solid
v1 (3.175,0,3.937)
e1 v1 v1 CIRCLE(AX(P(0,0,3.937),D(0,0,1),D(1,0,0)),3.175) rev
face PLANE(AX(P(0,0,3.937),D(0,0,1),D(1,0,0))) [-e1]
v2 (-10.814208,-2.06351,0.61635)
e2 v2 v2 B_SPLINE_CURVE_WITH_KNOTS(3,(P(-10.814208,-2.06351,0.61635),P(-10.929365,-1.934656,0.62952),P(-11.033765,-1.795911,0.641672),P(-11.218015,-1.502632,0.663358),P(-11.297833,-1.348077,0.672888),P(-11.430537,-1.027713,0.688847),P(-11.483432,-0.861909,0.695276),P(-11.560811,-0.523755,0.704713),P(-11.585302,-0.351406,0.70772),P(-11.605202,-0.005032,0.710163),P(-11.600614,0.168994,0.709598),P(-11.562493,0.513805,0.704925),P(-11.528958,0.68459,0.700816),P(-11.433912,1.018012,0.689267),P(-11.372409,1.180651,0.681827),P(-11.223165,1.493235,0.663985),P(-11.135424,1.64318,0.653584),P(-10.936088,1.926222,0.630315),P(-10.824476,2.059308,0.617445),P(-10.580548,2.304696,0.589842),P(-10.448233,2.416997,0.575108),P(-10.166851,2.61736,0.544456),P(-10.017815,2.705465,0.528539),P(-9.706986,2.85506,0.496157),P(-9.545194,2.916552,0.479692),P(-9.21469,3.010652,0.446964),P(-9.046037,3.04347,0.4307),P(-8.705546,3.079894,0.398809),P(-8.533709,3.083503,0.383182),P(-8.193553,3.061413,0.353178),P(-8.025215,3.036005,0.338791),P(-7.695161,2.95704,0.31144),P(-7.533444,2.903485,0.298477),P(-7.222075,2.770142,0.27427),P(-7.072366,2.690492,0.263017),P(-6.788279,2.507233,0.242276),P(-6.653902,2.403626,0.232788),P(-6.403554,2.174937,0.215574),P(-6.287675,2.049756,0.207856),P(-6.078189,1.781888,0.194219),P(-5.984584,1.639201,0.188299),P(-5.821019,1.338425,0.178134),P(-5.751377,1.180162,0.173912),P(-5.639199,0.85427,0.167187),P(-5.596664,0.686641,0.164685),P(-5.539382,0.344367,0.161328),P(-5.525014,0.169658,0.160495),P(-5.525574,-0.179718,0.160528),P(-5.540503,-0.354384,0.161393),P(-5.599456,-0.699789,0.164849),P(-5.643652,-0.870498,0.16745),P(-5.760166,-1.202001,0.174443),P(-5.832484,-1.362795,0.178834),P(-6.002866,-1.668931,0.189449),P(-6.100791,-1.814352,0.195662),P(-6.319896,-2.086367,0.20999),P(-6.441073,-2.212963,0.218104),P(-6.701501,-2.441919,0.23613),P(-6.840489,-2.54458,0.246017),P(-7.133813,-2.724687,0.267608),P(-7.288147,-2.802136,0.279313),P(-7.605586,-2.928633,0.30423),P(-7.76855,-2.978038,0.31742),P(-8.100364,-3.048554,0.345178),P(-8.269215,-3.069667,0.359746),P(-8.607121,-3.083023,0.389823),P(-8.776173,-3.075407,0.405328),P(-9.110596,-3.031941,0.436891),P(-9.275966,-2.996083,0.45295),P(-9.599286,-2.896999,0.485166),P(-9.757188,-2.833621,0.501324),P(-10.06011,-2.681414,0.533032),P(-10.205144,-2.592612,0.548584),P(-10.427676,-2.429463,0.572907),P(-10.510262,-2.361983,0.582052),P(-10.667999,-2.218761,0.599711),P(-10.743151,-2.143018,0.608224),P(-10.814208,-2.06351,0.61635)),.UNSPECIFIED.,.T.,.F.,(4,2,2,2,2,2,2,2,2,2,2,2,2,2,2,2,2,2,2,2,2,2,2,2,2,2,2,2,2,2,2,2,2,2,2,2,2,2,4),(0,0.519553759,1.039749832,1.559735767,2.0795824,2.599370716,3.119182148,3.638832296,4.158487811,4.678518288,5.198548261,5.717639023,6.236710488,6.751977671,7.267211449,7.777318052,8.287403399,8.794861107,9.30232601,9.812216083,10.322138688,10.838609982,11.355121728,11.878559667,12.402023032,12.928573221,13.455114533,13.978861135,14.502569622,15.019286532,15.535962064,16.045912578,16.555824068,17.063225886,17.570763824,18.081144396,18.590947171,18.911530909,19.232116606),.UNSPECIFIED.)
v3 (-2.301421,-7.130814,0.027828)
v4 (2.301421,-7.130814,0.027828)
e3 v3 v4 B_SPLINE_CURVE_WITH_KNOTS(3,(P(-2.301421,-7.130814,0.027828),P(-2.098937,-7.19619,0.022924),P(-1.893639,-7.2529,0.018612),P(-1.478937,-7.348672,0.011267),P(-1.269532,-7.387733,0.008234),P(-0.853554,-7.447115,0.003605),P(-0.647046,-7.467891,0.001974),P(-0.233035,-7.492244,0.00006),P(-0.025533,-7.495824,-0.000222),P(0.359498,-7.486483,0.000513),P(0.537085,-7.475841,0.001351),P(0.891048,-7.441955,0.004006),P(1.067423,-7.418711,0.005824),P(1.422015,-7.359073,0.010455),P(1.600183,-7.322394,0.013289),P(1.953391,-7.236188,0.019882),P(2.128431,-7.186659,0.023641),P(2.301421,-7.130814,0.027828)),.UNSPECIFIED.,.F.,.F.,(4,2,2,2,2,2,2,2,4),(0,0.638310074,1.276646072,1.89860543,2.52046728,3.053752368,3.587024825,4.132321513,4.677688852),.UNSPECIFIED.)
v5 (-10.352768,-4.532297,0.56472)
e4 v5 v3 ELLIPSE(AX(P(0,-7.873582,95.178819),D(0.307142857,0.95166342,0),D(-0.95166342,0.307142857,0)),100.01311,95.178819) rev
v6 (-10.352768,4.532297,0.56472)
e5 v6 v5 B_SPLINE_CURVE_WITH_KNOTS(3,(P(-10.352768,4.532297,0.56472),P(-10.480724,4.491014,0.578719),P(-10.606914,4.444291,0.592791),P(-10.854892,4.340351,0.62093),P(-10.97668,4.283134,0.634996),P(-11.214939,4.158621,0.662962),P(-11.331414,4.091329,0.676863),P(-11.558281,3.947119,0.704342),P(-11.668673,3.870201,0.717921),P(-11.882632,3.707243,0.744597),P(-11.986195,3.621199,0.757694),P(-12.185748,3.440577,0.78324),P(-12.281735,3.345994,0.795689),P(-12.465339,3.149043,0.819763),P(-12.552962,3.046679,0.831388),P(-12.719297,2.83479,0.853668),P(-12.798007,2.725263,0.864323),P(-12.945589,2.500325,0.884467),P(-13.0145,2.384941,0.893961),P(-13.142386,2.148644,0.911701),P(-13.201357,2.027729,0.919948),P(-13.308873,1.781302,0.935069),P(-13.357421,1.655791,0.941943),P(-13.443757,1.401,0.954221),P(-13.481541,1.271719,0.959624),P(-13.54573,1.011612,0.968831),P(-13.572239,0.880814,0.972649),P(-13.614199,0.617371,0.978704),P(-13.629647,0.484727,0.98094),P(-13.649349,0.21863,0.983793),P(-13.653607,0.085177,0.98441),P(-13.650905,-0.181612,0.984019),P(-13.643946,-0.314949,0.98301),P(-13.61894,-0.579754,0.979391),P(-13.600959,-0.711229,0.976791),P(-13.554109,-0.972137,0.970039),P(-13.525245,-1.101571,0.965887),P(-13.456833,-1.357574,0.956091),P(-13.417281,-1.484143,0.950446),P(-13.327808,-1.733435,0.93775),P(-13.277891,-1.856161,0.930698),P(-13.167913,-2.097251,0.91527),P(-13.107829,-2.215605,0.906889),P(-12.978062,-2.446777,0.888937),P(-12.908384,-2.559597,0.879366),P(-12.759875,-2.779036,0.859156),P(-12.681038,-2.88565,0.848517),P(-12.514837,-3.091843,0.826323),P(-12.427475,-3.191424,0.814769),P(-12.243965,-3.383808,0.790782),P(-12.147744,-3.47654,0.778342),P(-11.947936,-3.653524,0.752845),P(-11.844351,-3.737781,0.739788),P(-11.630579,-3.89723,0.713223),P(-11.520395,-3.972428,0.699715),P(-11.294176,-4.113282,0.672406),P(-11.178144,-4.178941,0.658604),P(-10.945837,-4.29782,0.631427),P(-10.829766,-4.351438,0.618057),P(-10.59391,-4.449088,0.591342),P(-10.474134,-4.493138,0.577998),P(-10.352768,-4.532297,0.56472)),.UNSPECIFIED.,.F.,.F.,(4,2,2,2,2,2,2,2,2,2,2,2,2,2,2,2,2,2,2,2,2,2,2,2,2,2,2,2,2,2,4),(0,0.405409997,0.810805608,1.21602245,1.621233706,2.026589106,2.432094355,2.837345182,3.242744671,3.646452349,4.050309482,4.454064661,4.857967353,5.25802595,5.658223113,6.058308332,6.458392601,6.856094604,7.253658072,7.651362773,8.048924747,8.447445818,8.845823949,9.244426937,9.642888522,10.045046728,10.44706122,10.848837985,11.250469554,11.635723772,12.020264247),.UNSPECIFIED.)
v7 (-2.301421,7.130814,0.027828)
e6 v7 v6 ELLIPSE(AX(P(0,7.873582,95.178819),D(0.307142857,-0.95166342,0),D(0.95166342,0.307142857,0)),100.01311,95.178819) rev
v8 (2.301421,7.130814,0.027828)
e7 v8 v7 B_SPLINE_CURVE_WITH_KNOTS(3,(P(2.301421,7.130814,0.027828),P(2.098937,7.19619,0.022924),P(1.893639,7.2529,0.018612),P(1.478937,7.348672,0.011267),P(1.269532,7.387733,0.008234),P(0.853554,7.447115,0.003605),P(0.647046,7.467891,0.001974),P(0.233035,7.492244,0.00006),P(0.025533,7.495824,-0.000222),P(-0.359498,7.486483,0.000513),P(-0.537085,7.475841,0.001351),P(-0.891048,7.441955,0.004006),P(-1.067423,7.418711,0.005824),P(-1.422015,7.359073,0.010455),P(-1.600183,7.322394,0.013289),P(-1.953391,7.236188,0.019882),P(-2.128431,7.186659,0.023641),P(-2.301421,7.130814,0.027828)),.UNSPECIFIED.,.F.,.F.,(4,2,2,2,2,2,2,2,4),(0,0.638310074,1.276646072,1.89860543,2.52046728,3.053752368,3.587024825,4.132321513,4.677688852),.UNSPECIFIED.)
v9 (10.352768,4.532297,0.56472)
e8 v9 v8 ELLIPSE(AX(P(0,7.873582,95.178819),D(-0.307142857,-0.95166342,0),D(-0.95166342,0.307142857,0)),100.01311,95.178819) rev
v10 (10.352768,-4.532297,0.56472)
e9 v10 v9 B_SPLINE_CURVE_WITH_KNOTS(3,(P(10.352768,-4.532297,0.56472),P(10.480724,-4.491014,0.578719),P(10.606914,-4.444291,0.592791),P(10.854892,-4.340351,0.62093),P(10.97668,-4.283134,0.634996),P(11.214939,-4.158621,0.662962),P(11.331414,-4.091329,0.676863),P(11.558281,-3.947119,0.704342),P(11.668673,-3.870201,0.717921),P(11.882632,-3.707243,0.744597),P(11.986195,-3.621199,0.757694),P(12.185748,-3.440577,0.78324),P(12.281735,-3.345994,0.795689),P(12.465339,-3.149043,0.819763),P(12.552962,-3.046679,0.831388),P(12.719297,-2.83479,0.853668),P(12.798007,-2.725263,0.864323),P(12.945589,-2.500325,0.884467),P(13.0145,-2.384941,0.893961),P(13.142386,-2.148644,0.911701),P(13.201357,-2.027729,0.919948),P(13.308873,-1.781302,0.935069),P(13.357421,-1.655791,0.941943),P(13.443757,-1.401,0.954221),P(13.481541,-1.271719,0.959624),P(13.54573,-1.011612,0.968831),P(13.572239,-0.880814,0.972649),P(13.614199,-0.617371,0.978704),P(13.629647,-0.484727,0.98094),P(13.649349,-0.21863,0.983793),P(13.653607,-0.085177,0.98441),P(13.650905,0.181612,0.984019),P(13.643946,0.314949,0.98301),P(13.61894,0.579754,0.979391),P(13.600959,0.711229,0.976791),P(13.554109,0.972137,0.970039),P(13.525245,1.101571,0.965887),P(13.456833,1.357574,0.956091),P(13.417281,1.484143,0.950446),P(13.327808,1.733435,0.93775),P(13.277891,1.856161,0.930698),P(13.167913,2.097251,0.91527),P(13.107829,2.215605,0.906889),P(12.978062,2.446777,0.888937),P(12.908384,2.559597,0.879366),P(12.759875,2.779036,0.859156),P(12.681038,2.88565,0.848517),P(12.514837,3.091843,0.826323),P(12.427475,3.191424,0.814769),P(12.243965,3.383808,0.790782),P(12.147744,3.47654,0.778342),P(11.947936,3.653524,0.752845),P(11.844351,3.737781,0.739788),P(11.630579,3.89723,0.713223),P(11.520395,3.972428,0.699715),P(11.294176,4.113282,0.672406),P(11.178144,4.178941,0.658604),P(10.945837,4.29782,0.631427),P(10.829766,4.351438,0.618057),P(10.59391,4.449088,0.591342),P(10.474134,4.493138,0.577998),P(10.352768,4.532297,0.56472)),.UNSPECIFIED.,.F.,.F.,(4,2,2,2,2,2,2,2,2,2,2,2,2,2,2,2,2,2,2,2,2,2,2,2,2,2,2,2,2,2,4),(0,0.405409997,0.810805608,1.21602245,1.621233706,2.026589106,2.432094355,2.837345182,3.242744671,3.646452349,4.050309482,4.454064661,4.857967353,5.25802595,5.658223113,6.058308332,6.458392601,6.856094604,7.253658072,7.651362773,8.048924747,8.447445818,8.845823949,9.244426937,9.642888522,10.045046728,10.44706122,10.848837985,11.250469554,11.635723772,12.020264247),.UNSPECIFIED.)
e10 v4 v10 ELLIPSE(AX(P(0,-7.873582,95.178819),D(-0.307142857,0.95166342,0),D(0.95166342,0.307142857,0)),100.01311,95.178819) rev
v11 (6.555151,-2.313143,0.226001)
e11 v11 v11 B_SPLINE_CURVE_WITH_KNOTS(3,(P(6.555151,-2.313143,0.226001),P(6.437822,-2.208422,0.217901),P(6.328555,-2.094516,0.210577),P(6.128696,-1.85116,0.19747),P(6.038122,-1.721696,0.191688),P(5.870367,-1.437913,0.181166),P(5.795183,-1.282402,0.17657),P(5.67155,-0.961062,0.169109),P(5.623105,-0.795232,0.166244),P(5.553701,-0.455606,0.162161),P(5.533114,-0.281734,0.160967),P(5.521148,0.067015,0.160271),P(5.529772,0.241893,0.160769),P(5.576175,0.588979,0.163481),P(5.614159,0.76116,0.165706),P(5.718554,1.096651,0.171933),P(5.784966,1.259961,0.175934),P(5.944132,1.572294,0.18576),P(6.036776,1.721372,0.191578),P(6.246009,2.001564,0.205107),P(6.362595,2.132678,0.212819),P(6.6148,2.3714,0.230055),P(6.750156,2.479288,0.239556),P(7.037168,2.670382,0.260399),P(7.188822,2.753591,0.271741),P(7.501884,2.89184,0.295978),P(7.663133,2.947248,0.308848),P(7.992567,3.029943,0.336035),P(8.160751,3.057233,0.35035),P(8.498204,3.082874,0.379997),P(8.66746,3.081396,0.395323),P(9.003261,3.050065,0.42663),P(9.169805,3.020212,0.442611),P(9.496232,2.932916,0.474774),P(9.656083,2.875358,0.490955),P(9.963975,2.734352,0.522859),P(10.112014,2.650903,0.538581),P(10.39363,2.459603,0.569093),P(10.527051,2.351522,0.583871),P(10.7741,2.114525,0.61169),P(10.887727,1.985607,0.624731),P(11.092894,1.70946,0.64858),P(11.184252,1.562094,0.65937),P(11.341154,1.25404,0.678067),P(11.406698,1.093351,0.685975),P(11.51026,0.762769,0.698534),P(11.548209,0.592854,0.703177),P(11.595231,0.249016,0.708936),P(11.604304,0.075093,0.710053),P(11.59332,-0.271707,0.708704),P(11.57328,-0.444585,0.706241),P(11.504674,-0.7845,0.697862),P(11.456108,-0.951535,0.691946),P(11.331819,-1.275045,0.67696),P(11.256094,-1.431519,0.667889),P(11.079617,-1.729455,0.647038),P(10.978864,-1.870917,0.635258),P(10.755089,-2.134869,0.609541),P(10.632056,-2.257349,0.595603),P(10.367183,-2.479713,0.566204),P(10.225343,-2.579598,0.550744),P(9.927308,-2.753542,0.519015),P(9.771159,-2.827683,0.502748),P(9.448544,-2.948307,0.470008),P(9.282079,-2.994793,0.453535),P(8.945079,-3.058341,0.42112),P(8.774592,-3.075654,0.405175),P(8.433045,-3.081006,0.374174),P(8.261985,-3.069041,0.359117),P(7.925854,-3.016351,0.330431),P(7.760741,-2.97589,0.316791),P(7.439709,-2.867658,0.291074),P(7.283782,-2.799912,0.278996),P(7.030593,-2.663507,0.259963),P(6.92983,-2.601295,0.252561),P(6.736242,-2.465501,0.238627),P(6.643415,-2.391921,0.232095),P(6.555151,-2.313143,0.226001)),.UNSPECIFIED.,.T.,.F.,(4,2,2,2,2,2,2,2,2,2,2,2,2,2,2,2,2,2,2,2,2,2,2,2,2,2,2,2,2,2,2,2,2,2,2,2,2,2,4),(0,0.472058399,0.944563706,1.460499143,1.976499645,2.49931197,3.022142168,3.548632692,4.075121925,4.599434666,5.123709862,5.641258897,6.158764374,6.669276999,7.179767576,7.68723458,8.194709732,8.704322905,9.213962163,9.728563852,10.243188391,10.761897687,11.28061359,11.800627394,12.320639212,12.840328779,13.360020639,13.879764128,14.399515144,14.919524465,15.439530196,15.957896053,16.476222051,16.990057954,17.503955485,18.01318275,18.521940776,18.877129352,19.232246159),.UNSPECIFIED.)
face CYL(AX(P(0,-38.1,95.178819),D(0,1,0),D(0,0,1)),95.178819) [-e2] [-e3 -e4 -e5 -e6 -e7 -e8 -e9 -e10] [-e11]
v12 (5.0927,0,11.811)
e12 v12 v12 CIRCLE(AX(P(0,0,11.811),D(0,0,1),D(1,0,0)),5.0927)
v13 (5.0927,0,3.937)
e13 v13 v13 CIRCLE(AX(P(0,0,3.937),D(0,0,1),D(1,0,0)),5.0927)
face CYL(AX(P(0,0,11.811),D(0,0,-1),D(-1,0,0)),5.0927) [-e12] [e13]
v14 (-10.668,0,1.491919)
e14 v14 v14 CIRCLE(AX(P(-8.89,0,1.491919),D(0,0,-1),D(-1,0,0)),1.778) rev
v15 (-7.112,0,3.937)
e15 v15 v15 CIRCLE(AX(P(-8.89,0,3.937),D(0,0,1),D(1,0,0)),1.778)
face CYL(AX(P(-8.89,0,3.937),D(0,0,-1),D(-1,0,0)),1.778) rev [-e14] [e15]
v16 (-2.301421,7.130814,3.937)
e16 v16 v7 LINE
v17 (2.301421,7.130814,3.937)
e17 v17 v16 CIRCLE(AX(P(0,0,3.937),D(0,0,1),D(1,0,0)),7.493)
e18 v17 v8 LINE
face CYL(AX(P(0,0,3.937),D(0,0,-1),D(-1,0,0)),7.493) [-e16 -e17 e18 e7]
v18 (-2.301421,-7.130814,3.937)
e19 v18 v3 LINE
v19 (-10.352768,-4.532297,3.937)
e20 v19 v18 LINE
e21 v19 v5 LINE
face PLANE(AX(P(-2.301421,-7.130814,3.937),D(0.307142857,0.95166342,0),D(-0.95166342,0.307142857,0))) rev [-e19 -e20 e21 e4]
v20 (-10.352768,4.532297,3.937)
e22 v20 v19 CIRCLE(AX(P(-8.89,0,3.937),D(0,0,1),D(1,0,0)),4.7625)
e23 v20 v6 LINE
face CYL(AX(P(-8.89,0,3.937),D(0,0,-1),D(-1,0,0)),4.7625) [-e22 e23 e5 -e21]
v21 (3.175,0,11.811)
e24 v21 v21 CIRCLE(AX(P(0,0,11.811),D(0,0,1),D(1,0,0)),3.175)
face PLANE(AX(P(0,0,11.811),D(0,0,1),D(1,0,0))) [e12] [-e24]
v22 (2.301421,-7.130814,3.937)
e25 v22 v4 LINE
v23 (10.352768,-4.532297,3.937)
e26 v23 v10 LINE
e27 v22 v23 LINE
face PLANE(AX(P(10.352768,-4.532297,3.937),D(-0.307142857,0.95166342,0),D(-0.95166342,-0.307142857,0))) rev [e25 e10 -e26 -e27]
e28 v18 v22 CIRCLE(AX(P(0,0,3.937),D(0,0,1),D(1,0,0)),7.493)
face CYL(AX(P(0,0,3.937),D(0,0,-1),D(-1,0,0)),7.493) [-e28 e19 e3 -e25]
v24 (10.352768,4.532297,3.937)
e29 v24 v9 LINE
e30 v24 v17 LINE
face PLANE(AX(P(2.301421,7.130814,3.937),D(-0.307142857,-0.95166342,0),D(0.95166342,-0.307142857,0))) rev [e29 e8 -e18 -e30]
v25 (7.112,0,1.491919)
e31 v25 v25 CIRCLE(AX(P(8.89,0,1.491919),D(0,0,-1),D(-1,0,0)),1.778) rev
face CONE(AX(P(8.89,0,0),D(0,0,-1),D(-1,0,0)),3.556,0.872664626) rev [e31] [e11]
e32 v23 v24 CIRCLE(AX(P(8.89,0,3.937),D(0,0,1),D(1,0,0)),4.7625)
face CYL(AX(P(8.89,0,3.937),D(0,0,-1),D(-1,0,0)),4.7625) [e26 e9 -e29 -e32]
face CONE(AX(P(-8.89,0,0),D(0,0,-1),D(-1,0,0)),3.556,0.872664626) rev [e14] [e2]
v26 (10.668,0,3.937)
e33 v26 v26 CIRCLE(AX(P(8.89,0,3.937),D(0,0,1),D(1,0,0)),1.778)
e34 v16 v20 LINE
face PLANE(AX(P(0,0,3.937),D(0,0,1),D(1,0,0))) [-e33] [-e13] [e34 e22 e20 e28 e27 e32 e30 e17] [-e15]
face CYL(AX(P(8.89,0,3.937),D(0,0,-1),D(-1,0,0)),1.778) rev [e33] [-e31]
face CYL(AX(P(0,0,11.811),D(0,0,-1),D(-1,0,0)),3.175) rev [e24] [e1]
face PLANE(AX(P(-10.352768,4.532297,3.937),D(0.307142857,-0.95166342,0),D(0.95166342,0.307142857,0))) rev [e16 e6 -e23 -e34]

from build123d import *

# Parameters (mm, degrees)
SKETCH3_R          = 1.778
EXTRUDE1_DEPTH     = 3.937
SKETCH4_R          = 5.0927
SKETCH4_R_2        = 3.175
EXTRUDE2_DEPTH     = 7.874
CUT_EXTRUDE2_DEPTH = 38.1


with BuildPart() as part:
    # Sketch3 → Extrude1 (new body)
    with BuildSketch(Plane.XY):
        with BuildLine():
            Line((2.301421429, 7.130814007), (10.352767857, 4.532297039))
            ThreePointArc((10.352767857, 4.532297039), (13.6525, 0), (10.352767857, -4.532297039))
            Line((10.352767857, -4.532297039), (2.301421429, -7.130814007))
            ThreePointArc((2.301421429, -7.130814007), (0, -7.493), (-2.301421429, -7.130814007))
            Line((-2.301421429, -7.130814007), (-10.352767857, -4.532297039))
            ThreePointArc((-10.352767857, -4.532297039), (-13.6525, 0), (-10.352767857, 4.532297039))
            Line((-10.352767857, 4.532297039), (-2.301421429, 7.130814007))
            ThreePointArc((-2.301421429, 7.130814007), (0, 7.493), (2.301421429, 7.130814007))
        make_face()
        with Locations((-8.89, 0)):
            Circle(SKETCH3_R, mode=Mode.SUBTRACT)
        with Locations((8.89, 0)):
            Circle(SKETCH3_R, mode=Mode.SUBTRACT)
    extrude(amount=EXTRUDE1_DEPTH)

    # Sketch4 → Extrude2 (add)
    with BuildSketch(Plane.XY.offset(3.937)):
        Circle(SKETCH4_R)
        Circle(SKETCH4_R_2, mode=Mode.SUBTRACT)
    extrude(amount=EXTRUDE2_DEPTH)

    # Cut-Extrude1 cone 1 section (through the dimple's axis) → Cut-Extrude1 (revolve, cut)
    with BuildSketch(Plane.YZ.offset(8.89)):
        Polygon((0, 0), (3.556, 0), (0, 2.983838288), align=None)
    revolve(axis=Axis((8.89, 0, 0), (0, 0, 1)), mode=Mode.SUBTRACT)

    # Cut-Extrude1 cone 2 section (through the dimple's axis) → Cut-Extrude1 cone 2 (revolve, cut)
    with BuildSketch(Plane.YZ.offset(-8.89)):
        Polygon((0, 0), (3.556, 0), (0, 2.983838288), align=None)
    revolve(axis=Axis((-8.89, 0, 0), (0, 0, 1)), mode=Mode.SUBTRACT)

    # Sketch6 → Cut-Extrude2 (cut, symmetric)
    with BuildSketch(Plane(origin=(0, 0, 0), x_dir=(1, 0, 0), z_dir=(0, 1, 0))):
        with BuildLine():
            Line((13.6525, -0.98425), (13.6525, 0.508))
            Line((13.6525, 0.508), (-13.6525, 0.508))
            Line((-13.6525, 0.508), (-13.6525, -0.98425))
            ThreePointArc((-13.6525, -0.98425), (0, 0), (13.6525, -0.98425))
        make_face()
    extrude(amount=CUT_EXTRUDE2_DEPTH, both=True, mode=Mode.SUBTRACT)


solid = part.part
